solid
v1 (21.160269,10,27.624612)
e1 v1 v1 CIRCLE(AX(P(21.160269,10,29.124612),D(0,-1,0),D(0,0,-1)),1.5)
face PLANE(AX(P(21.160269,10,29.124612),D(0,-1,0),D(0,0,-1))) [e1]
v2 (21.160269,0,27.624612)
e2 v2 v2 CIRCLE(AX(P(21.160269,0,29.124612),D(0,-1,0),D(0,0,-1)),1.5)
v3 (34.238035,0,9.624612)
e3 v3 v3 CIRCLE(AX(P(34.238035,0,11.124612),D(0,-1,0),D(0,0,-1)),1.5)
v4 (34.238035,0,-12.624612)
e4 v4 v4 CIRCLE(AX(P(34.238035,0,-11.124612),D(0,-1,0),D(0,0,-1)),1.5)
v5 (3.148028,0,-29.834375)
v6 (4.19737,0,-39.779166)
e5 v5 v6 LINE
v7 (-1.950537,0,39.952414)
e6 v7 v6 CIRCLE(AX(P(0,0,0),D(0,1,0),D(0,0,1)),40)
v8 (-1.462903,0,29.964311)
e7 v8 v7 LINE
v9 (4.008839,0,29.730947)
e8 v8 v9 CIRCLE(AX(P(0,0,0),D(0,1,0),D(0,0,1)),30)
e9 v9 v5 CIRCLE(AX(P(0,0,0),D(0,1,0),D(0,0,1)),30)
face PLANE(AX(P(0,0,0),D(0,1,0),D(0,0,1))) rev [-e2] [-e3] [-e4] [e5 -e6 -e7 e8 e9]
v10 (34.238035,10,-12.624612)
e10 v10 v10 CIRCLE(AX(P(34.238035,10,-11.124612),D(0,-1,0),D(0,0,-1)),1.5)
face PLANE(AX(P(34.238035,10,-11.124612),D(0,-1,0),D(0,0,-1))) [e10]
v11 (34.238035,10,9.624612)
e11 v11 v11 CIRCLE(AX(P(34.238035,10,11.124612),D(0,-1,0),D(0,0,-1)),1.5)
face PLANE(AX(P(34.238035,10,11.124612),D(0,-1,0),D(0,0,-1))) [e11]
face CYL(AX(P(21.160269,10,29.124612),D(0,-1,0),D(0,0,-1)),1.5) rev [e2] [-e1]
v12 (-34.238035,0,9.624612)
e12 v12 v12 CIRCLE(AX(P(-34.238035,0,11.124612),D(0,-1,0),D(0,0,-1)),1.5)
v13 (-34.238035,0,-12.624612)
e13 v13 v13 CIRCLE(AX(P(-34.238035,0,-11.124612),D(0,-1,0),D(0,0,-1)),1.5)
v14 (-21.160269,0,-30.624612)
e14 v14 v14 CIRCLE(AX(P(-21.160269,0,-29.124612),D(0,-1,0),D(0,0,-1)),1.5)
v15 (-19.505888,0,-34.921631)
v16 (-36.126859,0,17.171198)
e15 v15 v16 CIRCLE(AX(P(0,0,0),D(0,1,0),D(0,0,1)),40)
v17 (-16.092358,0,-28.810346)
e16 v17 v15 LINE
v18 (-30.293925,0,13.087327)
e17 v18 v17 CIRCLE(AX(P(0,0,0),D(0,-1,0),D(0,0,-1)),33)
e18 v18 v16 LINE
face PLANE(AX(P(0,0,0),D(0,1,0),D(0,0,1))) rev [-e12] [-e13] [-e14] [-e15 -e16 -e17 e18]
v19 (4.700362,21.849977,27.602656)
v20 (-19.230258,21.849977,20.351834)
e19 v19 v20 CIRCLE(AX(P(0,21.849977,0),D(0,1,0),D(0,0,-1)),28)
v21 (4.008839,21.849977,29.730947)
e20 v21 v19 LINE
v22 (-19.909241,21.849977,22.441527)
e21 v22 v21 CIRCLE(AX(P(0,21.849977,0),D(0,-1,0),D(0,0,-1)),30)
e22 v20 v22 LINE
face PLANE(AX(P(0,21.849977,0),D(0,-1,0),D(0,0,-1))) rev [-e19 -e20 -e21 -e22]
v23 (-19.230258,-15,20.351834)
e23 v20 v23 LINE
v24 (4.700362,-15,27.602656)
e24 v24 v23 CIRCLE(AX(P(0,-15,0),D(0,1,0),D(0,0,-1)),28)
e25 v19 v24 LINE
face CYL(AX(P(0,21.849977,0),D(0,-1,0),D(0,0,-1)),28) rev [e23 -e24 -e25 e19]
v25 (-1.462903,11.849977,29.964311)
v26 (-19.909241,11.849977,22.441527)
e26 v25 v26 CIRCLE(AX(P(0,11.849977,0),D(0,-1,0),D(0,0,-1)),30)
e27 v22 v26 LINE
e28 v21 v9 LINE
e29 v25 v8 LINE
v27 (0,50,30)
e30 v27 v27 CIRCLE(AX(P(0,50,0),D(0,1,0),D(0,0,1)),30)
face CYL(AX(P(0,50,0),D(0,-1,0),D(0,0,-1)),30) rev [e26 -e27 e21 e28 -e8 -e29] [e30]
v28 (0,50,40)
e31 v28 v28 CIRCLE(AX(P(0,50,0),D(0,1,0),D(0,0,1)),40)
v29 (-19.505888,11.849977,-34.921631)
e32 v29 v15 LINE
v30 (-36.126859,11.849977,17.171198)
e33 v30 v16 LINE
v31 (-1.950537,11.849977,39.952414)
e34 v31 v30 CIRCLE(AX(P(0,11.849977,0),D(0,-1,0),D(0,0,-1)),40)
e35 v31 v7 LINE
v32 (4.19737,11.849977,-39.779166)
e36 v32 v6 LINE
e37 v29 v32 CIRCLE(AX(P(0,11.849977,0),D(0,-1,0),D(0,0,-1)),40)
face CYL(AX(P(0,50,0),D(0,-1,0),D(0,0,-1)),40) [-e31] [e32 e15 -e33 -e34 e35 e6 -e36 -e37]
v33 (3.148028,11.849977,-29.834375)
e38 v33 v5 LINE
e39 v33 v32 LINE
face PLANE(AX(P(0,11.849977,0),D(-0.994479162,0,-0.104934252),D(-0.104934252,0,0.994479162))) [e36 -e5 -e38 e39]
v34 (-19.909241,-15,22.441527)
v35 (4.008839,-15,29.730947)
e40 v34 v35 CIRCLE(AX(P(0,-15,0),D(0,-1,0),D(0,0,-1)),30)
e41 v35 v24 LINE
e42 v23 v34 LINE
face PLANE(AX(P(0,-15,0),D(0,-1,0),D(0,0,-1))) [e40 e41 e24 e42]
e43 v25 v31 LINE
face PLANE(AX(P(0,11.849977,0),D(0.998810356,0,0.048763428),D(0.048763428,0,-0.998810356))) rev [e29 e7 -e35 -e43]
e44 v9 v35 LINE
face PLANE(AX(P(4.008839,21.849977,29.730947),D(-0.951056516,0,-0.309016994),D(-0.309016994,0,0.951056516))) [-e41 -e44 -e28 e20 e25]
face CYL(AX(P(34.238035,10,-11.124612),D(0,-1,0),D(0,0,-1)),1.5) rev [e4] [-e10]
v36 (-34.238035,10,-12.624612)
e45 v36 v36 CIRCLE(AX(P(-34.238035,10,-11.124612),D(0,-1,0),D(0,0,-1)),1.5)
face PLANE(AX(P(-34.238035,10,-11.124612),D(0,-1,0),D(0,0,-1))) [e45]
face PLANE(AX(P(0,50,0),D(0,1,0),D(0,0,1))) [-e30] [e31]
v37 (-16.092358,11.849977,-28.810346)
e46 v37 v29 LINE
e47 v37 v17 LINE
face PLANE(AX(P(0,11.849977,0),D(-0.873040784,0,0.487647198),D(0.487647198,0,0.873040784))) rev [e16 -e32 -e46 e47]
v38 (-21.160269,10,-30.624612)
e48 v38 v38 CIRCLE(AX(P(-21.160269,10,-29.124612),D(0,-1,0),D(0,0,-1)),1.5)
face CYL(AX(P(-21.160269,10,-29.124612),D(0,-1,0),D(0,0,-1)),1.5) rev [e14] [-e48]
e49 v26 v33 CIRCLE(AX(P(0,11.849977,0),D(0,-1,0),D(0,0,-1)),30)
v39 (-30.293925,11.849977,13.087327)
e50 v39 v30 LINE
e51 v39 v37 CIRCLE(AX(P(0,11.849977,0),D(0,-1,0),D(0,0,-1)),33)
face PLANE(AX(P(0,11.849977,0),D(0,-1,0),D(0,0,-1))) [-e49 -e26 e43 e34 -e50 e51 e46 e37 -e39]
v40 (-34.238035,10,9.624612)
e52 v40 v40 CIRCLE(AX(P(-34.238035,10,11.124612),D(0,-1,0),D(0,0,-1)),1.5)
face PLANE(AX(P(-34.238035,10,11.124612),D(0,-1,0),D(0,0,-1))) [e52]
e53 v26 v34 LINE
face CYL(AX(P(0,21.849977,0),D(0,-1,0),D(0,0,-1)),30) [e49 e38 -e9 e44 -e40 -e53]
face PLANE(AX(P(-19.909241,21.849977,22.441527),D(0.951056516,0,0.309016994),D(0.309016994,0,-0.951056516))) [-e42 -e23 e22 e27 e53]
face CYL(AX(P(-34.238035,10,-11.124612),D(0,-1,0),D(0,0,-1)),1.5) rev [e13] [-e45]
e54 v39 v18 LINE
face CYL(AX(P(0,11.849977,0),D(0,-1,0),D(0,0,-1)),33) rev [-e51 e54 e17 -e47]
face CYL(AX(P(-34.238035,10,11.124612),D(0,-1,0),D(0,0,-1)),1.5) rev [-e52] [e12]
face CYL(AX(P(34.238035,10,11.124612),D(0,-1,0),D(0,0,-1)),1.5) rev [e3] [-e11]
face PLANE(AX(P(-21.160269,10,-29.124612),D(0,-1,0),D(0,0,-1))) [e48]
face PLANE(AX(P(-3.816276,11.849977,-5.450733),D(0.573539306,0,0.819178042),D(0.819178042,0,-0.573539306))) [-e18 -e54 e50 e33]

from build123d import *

# Parameters (mm, degrees)
ESBO_O1_R                     = 40
ESBO_O1_R_2                   = 30
RESSALTO_EXTRUS_O1_DEPTH      = 50
ESBO_O2_R                     = 1.5
CORTE_EXTRUS_O1_DEPTH         = 10
CORTE_EXTRUS_O2_DEPTH         = 11.84997677
RESSALTO_EXTRUS_O2_DEPTH      = 26.84997677
RESSALTO_EXTRUS_O2_DEPTH_BACK = 10


with BuildPart() as part:
    # Esboço1 → Ressalto-extrusão1 (new body)
    with BuildSketch(Plane(origin=(0, 0, 0), x_dir=(1, 0, 0), z_dir=(0, 1, 0))):
        with Locations(Location((0, 0, 0), (0, 0, 270))):
            Circle(ESBO_O1_R)
        with Locations(Location((0, 0, 0), (0, 0, 270))):
            Circle(ESBO_O1_R_2, mode=Mode.SUBTRACT)
    extrude(amount=RESSALTO_EXTRUS_O1_DEPTH)

    # Esboço2 → Corte-extrusão1 (cut)
    with BuildSketch(Plane(origin=(0, 0, 0), x_dir=(-1, 0, 0), z_dir=(0, -1, 0))):
        with Locations(Location((-21.160269083, -29.124611797, 0), (0, 0, 90))):
            Circle(ESBO_O2_R)
        with Locations(Location((-34.238034587, -11.124611797, 0), (0, 0, 90))):
            Circle(ESBO_O2_R)
        with Locations(Location((-34.238034587, 11.124611797, 0), (0, 0, 90))):
            Circle(ESBO_O2_R)
        with Locations(Location((21.160269083, 29.124611797, 0), (0, 0, 90))):
            Circle(ESBO_O2_R)
        with Locations(Location((34.238034587, 11.124611797, 0), (0, 0, 90))):
            Circle(ESBO_O2_R)
        with Locations(Location((34.238034587, -11.124611797, 0), (0, 0, 90))):
            Circle(ESBO_O2_R)
    extrude(amount=-CORTE_EXTRUS_O1_DEPTH, mode=Mode.SUBTRACT)

    # Esboço3 → Corte-extrusão2 (cut)
    with BuildSketch(Plane(origin=(0, 0, 0), x_dir=(-1, 0, 0), z_dir=(0, -1, 0))):
        with BuildLine():
            ThreePointArc((30.293924668, -13.087327008), (31.253408489, 10.593604572), (16.092357529, 28.81034587))
            Line((16.092357529, 28.81034587), (19.505887914, 34.921631358))
            ThreePointArc((19.505887914, 34.921631358), (8.030354378, 39.185627576), (-4.197370073, 39.779166463))
            Line((-4.197370073, 39.779166463), (-3.148027555, 29.834374847))
            ThreePointArc((-3.148027555, 29.834374847), (29.911212101, 2.306380417), (1.462902849, -29.964310692))
            Line((1.462902849, -29.964310692), (1.950537132, -39.952414256))
            ThreePointArc((1.950537132, -39.952414256), (22.185986252, -33.283359416), (36.126859334, -17.171197823))
            Line((36.126859334, -17.171197823), (30.293924668, -13.087327008))
        make_face()
    extrude(amount=-CORTE_EXTRUS_O2_DEPTH, mode=Mode.SUBTRACT)

    # Esboço4 → Ressalto-extrusão2 (add, two sides: drawn at the far end of the back side and taken through both)
    with BuildSketch(Plane(origin=(0, 11.84997677, 0), x_dir=(-1, 0, 0), z_dir=(0, -1, 0)).offset(-RESSALTO_EXTRUS_O2_DEPTH_BACK)):
        with BuildLine():
            Line((-4.008838629, -29.730947056), (-4.700362463, -27.602655537))
            ThreePointArc((-4.700362463, -27.602655537), (-8.119302432, 26.79695744), (19.230258499, -20.351834268))
            Line((19.230258499, -20.351834268), (19.909240802, -22.441526924))
            ThreePointArc((19.909240802, -22.441526924), (-8.745833796, 28.696870757), (-4.008838629, -29.730947056))
        make_face()
    extrude(amount=RESSALTO_EXTRUS_O2_DEPTH + RESSALTO_EXTRUS_O2_DEPTH_BACK)


solid = part.part
